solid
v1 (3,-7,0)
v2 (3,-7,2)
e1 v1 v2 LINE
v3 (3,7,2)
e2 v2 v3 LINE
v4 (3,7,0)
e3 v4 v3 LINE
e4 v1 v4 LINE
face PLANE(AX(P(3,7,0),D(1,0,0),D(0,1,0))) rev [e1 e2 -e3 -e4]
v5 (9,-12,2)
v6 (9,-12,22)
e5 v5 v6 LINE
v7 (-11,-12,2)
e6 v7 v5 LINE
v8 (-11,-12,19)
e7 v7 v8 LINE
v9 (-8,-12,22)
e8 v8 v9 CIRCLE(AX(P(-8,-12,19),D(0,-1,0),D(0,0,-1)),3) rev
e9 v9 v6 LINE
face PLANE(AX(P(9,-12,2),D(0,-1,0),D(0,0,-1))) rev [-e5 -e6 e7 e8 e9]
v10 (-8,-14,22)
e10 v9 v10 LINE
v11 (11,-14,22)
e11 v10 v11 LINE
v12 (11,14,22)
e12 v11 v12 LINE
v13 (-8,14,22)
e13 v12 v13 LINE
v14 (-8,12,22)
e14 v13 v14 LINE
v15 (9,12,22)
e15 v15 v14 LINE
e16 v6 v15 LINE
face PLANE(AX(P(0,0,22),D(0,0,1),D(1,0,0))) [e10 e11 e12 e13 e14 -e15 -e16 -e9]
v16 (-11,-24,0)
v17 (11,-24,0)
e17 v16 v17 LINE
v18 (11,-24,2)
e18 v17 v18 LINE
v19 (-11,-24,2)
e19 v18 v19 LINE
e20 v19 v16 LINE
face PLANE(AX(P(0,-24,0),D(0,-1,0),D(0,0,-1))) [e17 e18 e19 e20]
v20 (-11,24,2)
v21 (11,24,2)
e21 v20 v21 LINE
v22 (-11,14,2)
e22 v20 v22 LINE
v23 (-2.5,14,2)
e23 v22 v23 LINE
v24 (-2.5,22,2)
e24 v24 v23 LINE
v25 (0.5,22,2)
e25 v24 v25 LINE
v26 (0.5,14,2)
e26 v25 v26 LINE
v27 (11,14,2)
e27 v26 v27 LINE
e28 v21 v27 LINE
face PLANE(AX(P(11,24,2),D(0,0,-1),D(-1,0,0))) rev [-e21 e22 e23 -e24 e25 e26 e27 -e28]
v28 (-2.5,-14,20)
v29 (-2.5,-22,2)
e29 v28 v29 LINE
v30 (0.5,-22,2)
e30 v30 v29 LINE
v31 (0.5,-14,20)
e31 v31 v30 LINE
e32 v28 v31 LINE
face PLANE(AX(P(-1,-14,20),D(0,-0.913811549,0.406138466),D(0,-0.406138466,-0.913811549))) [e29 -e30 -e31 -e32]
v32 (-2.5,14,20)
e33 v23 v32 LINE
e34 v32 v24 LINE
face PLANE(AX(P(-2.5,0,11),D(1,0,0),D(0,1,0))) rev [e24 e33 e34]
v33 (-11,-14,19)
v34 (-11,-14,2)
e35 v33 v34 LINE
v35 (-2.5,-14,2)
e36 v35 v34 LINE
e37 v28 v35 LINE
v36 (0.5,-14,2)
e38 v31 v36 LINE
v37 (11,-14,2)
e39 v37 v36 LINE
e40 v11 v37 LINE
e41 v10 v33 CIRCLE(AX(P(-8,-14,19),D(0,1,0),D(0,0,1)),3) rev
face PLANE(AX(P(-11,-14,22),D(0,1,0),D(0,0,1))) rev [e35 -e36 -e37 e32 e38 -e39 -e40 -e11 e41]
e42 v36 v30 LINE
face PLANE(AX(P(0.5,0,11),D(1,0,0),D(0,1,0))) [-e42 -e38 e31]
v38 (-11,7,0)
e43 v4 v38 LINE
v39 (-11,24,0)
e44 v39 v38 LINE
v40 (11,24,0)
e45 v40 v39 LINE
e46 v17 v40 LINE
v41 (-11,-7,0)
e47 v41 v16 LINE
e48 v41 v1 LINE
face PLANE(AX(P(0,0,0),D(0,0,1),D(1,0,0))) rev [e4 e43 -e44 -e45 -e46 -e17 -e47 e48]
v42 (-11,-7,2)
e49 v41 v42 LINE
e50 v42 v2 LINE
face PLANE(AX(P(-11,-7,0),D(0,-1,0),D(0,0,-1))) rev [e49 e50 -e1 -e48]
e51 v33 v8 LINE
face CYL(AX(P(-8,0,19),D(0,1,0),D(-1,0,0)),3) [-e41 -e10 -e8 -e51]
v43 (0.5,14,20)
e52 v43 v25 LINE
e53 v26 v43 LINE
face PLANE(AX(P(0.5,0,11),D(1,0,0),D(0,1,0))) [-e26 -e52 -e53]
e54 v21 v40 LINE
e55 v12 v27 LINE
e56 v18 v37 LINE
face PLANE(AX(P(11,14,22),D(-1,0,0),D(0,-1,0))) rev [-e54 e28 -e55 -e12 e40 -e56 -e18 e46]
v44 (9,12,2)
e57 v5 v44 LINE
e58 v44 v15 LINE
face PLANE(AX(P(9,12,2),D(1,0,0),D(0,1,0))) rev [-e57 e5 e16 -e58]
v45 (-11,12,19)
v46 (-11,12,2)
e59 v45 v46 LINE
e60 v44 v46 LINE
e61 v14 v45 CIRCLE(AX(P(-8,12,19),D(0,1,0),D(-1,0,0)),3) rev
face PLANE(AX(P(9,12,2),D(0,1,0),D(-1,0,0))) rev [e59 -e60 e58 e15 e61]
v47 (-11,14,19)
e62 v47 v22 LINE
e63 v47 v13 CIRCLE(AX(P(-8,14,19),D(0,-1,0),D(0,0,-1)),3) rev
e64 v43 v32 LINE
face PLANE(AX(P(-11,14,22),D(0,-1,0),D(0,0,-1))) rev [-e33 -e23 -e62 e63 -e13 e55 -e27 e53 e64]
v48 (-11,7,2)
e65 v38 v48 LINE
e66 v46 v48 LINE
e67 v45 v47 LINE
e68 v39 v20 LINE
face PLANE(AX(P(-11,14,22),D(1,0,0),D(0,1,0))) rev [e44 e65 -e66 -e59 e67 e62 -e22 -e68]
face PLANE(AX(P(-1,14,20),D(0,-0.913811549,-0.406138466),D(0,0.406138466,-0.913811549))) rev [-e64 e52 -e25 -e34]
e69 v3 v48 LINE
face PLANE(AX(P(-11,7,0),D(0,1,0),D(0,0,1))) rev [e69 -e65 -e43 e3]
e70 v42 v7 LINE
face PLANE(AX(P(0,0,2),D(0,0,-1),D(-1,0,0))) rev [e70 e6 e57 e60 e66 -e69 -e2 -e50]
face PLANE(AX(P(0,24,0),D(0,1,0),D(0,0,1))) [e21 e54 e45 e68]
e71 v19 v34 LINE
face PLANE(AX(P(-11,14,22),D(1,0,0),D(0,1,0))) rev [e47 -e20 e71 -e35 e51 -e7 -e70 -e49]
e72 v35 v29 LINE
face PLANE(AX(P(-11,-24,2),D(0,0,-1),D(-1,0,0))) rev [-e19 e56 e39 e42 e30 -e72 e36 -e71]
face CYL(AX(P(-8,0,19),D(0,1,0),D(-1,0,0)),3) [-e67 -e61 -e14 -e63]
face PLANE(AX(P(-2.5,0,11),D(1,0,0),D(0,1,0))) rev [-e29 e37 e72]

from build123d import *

# Parameters (mm, degrees)
SKETCH_2_W          = 22
SKETCH_2_H          = 28
EXTRUDE_1_DEPTH     = 22
SKETCH_3_W          = 18
SKETCH_3_H          = 24
CUT_EXTRUDE_1_DEPTH = 20
SKETCH_4_W          = 14
SKETCH_4_H          = 14
CUT_EXTRUDE_3_DEPTH = 27.776855678
SKETCH_6_W          = 20
SKETCH_6_H          = 24
CUT_EXTRUDE_4_DEPTH = 5
SKETCH_7_W          = 22
SKETCH_7_H          = 2
EXTRUDE_3_DEPTH     = 10
SKETCH_8_W          = 22
SKETCH_8_H          = 2
EXTRUDE_4_DEPTH     = 10
RIB_3_REACH         = 36.699
SKETCH_10_WALL_W    = 91.095121896
SKETCH_10_WALL_H    = 3
RIB_4_REACH         = 36.699
SKETCH_11_WALL_W    = 91.095121896
SKETCH_11_WALL_H    = 3
FILLET_1_R          = 3


with BuildPart() as part:
    # ｽｹｯﾁ2 → ﾎﾞｽ - 押し出し1 (new body)
    with BuildSketch(Plane.XY):
        Rectangle(SKETCH_2_W, SKETCH_2_H)
    extrude(amount=EXTRUDE_1_DEPTH)

    # ｽｹｯﾁ3 → ｶｯﾄ - 押し出し1 (cut)
    with BuildSketch(Plane.XY.offset(22)):
        Rectangle(SKETCH_3_W, SKETCH_3_H)
    extrude(amount=-CUT_EXTRUDE_1_DEPTH, mode=Mode.SUBTRACT)

    # ｽｹｯﾁ4 → ｶｯﾄ - 押し出し3 (cut, through all)
    with BuildSketch(Plane.XY.offset(2)):
        with Locations((-4, 0)):
            Rectangle(SKETCH_4_W, SKETCH_4_H)
    extrude(amount=-CUT_EXTRUDE_3_DEPTH, mode=Mode.SUBTRACT)

    # ｽｹｯﾁ6 → ｶｯﾄ - 押し出し4 (cut)
    with BuildSketch(Plane.ZY.offset(11)):
        with Locations((12, 0)):
            Rectangle(SKETCH_6_W, SKETCH_6_H)
    extrude(amount=-CUT_EXTRUDE_4_DEPTH, mode=Mode.SUBTRACT)

    # ｽｹｯﾁ7 → ﾎﾞｽ - 押し出し3 (add)
    with BuildSketch(Plane.XZ.offset(14)):
        with Locations((0, 1)):
            Rectangle(SKETCH_7_W, SKETCH_7_H)
    extrude(amount=EXTRUDE_3_DEPTH)

    # ｽｹｯﾁ8 → ﾎﾞｽ - 押し出し4 (add)
    with BuildSketch(Plane(origin=(0, 14, 0), x_dir=(1, 0, 0), z_dir=(0, 1, 0))):
        with Locations((0, -1)):
            Rectangle(SKETCH_8_W, SKETCH_8_H)
    extrude(amount=EXTRUDE_4_DEPTH)

    # ｽｹｯﾁ10 wall → ﾘﾌﾞ3 (add, up to next)
    with BuildSketch(Plane(origin=(-1, -18, 11), x_dir=(0, -0.406138466053, -0.91381154862), z_dir=(0, 0.91381154862, -0.406138466053)), mode=Mode.PRIVATE) as rib_3_sk1:
        Rectangle(SKETCH_10_WALL_W, SKETCH_10_WALL_H)
    rib_3_tool1 = extrude(rib_3_sk1.sketch, amount=RIB_3_REACH, mode=Mode.PRIVATE) - part.part
    add(rib_3_tool1.solids().sort_by_distance((-1, -18, 11))[0])

    # ｽｹｯﾁ11 wall → ﾘﾌﾞ4 (add, up to next)
    with BuildSketch(Plane(origin=(-1, 18, 11), x_dir=(0, 0.406138466053, -0.91381154862), z_dir=(0, 0.91381154862, 0.406138466053)), mode=Mode.PRIVATE) as rib_4_sk1:
        Rectangle(SKETCH_11_WALL_W, SKETCH_11_WALL_H)
    rib_4_tool1 = extrude(rib_4_sk1.sketch, amount=-RIB_4_REACH, mode=Mode.PRIVATE) - part.part
    add(rib_4_tool1.solids().sort_by_distance((-1, 18, 11))[0])

    # ﾌｨﾚｯﾄ1
    fillet_1_edges = [part.edges().sort_by_distance(p)[0] for p in [
        (-11, 13, 22),
        (-11, -13, 22),
    ]]
    fillet(fillet_1_edges, radius=FILLET_1_R)


solid = part.part
